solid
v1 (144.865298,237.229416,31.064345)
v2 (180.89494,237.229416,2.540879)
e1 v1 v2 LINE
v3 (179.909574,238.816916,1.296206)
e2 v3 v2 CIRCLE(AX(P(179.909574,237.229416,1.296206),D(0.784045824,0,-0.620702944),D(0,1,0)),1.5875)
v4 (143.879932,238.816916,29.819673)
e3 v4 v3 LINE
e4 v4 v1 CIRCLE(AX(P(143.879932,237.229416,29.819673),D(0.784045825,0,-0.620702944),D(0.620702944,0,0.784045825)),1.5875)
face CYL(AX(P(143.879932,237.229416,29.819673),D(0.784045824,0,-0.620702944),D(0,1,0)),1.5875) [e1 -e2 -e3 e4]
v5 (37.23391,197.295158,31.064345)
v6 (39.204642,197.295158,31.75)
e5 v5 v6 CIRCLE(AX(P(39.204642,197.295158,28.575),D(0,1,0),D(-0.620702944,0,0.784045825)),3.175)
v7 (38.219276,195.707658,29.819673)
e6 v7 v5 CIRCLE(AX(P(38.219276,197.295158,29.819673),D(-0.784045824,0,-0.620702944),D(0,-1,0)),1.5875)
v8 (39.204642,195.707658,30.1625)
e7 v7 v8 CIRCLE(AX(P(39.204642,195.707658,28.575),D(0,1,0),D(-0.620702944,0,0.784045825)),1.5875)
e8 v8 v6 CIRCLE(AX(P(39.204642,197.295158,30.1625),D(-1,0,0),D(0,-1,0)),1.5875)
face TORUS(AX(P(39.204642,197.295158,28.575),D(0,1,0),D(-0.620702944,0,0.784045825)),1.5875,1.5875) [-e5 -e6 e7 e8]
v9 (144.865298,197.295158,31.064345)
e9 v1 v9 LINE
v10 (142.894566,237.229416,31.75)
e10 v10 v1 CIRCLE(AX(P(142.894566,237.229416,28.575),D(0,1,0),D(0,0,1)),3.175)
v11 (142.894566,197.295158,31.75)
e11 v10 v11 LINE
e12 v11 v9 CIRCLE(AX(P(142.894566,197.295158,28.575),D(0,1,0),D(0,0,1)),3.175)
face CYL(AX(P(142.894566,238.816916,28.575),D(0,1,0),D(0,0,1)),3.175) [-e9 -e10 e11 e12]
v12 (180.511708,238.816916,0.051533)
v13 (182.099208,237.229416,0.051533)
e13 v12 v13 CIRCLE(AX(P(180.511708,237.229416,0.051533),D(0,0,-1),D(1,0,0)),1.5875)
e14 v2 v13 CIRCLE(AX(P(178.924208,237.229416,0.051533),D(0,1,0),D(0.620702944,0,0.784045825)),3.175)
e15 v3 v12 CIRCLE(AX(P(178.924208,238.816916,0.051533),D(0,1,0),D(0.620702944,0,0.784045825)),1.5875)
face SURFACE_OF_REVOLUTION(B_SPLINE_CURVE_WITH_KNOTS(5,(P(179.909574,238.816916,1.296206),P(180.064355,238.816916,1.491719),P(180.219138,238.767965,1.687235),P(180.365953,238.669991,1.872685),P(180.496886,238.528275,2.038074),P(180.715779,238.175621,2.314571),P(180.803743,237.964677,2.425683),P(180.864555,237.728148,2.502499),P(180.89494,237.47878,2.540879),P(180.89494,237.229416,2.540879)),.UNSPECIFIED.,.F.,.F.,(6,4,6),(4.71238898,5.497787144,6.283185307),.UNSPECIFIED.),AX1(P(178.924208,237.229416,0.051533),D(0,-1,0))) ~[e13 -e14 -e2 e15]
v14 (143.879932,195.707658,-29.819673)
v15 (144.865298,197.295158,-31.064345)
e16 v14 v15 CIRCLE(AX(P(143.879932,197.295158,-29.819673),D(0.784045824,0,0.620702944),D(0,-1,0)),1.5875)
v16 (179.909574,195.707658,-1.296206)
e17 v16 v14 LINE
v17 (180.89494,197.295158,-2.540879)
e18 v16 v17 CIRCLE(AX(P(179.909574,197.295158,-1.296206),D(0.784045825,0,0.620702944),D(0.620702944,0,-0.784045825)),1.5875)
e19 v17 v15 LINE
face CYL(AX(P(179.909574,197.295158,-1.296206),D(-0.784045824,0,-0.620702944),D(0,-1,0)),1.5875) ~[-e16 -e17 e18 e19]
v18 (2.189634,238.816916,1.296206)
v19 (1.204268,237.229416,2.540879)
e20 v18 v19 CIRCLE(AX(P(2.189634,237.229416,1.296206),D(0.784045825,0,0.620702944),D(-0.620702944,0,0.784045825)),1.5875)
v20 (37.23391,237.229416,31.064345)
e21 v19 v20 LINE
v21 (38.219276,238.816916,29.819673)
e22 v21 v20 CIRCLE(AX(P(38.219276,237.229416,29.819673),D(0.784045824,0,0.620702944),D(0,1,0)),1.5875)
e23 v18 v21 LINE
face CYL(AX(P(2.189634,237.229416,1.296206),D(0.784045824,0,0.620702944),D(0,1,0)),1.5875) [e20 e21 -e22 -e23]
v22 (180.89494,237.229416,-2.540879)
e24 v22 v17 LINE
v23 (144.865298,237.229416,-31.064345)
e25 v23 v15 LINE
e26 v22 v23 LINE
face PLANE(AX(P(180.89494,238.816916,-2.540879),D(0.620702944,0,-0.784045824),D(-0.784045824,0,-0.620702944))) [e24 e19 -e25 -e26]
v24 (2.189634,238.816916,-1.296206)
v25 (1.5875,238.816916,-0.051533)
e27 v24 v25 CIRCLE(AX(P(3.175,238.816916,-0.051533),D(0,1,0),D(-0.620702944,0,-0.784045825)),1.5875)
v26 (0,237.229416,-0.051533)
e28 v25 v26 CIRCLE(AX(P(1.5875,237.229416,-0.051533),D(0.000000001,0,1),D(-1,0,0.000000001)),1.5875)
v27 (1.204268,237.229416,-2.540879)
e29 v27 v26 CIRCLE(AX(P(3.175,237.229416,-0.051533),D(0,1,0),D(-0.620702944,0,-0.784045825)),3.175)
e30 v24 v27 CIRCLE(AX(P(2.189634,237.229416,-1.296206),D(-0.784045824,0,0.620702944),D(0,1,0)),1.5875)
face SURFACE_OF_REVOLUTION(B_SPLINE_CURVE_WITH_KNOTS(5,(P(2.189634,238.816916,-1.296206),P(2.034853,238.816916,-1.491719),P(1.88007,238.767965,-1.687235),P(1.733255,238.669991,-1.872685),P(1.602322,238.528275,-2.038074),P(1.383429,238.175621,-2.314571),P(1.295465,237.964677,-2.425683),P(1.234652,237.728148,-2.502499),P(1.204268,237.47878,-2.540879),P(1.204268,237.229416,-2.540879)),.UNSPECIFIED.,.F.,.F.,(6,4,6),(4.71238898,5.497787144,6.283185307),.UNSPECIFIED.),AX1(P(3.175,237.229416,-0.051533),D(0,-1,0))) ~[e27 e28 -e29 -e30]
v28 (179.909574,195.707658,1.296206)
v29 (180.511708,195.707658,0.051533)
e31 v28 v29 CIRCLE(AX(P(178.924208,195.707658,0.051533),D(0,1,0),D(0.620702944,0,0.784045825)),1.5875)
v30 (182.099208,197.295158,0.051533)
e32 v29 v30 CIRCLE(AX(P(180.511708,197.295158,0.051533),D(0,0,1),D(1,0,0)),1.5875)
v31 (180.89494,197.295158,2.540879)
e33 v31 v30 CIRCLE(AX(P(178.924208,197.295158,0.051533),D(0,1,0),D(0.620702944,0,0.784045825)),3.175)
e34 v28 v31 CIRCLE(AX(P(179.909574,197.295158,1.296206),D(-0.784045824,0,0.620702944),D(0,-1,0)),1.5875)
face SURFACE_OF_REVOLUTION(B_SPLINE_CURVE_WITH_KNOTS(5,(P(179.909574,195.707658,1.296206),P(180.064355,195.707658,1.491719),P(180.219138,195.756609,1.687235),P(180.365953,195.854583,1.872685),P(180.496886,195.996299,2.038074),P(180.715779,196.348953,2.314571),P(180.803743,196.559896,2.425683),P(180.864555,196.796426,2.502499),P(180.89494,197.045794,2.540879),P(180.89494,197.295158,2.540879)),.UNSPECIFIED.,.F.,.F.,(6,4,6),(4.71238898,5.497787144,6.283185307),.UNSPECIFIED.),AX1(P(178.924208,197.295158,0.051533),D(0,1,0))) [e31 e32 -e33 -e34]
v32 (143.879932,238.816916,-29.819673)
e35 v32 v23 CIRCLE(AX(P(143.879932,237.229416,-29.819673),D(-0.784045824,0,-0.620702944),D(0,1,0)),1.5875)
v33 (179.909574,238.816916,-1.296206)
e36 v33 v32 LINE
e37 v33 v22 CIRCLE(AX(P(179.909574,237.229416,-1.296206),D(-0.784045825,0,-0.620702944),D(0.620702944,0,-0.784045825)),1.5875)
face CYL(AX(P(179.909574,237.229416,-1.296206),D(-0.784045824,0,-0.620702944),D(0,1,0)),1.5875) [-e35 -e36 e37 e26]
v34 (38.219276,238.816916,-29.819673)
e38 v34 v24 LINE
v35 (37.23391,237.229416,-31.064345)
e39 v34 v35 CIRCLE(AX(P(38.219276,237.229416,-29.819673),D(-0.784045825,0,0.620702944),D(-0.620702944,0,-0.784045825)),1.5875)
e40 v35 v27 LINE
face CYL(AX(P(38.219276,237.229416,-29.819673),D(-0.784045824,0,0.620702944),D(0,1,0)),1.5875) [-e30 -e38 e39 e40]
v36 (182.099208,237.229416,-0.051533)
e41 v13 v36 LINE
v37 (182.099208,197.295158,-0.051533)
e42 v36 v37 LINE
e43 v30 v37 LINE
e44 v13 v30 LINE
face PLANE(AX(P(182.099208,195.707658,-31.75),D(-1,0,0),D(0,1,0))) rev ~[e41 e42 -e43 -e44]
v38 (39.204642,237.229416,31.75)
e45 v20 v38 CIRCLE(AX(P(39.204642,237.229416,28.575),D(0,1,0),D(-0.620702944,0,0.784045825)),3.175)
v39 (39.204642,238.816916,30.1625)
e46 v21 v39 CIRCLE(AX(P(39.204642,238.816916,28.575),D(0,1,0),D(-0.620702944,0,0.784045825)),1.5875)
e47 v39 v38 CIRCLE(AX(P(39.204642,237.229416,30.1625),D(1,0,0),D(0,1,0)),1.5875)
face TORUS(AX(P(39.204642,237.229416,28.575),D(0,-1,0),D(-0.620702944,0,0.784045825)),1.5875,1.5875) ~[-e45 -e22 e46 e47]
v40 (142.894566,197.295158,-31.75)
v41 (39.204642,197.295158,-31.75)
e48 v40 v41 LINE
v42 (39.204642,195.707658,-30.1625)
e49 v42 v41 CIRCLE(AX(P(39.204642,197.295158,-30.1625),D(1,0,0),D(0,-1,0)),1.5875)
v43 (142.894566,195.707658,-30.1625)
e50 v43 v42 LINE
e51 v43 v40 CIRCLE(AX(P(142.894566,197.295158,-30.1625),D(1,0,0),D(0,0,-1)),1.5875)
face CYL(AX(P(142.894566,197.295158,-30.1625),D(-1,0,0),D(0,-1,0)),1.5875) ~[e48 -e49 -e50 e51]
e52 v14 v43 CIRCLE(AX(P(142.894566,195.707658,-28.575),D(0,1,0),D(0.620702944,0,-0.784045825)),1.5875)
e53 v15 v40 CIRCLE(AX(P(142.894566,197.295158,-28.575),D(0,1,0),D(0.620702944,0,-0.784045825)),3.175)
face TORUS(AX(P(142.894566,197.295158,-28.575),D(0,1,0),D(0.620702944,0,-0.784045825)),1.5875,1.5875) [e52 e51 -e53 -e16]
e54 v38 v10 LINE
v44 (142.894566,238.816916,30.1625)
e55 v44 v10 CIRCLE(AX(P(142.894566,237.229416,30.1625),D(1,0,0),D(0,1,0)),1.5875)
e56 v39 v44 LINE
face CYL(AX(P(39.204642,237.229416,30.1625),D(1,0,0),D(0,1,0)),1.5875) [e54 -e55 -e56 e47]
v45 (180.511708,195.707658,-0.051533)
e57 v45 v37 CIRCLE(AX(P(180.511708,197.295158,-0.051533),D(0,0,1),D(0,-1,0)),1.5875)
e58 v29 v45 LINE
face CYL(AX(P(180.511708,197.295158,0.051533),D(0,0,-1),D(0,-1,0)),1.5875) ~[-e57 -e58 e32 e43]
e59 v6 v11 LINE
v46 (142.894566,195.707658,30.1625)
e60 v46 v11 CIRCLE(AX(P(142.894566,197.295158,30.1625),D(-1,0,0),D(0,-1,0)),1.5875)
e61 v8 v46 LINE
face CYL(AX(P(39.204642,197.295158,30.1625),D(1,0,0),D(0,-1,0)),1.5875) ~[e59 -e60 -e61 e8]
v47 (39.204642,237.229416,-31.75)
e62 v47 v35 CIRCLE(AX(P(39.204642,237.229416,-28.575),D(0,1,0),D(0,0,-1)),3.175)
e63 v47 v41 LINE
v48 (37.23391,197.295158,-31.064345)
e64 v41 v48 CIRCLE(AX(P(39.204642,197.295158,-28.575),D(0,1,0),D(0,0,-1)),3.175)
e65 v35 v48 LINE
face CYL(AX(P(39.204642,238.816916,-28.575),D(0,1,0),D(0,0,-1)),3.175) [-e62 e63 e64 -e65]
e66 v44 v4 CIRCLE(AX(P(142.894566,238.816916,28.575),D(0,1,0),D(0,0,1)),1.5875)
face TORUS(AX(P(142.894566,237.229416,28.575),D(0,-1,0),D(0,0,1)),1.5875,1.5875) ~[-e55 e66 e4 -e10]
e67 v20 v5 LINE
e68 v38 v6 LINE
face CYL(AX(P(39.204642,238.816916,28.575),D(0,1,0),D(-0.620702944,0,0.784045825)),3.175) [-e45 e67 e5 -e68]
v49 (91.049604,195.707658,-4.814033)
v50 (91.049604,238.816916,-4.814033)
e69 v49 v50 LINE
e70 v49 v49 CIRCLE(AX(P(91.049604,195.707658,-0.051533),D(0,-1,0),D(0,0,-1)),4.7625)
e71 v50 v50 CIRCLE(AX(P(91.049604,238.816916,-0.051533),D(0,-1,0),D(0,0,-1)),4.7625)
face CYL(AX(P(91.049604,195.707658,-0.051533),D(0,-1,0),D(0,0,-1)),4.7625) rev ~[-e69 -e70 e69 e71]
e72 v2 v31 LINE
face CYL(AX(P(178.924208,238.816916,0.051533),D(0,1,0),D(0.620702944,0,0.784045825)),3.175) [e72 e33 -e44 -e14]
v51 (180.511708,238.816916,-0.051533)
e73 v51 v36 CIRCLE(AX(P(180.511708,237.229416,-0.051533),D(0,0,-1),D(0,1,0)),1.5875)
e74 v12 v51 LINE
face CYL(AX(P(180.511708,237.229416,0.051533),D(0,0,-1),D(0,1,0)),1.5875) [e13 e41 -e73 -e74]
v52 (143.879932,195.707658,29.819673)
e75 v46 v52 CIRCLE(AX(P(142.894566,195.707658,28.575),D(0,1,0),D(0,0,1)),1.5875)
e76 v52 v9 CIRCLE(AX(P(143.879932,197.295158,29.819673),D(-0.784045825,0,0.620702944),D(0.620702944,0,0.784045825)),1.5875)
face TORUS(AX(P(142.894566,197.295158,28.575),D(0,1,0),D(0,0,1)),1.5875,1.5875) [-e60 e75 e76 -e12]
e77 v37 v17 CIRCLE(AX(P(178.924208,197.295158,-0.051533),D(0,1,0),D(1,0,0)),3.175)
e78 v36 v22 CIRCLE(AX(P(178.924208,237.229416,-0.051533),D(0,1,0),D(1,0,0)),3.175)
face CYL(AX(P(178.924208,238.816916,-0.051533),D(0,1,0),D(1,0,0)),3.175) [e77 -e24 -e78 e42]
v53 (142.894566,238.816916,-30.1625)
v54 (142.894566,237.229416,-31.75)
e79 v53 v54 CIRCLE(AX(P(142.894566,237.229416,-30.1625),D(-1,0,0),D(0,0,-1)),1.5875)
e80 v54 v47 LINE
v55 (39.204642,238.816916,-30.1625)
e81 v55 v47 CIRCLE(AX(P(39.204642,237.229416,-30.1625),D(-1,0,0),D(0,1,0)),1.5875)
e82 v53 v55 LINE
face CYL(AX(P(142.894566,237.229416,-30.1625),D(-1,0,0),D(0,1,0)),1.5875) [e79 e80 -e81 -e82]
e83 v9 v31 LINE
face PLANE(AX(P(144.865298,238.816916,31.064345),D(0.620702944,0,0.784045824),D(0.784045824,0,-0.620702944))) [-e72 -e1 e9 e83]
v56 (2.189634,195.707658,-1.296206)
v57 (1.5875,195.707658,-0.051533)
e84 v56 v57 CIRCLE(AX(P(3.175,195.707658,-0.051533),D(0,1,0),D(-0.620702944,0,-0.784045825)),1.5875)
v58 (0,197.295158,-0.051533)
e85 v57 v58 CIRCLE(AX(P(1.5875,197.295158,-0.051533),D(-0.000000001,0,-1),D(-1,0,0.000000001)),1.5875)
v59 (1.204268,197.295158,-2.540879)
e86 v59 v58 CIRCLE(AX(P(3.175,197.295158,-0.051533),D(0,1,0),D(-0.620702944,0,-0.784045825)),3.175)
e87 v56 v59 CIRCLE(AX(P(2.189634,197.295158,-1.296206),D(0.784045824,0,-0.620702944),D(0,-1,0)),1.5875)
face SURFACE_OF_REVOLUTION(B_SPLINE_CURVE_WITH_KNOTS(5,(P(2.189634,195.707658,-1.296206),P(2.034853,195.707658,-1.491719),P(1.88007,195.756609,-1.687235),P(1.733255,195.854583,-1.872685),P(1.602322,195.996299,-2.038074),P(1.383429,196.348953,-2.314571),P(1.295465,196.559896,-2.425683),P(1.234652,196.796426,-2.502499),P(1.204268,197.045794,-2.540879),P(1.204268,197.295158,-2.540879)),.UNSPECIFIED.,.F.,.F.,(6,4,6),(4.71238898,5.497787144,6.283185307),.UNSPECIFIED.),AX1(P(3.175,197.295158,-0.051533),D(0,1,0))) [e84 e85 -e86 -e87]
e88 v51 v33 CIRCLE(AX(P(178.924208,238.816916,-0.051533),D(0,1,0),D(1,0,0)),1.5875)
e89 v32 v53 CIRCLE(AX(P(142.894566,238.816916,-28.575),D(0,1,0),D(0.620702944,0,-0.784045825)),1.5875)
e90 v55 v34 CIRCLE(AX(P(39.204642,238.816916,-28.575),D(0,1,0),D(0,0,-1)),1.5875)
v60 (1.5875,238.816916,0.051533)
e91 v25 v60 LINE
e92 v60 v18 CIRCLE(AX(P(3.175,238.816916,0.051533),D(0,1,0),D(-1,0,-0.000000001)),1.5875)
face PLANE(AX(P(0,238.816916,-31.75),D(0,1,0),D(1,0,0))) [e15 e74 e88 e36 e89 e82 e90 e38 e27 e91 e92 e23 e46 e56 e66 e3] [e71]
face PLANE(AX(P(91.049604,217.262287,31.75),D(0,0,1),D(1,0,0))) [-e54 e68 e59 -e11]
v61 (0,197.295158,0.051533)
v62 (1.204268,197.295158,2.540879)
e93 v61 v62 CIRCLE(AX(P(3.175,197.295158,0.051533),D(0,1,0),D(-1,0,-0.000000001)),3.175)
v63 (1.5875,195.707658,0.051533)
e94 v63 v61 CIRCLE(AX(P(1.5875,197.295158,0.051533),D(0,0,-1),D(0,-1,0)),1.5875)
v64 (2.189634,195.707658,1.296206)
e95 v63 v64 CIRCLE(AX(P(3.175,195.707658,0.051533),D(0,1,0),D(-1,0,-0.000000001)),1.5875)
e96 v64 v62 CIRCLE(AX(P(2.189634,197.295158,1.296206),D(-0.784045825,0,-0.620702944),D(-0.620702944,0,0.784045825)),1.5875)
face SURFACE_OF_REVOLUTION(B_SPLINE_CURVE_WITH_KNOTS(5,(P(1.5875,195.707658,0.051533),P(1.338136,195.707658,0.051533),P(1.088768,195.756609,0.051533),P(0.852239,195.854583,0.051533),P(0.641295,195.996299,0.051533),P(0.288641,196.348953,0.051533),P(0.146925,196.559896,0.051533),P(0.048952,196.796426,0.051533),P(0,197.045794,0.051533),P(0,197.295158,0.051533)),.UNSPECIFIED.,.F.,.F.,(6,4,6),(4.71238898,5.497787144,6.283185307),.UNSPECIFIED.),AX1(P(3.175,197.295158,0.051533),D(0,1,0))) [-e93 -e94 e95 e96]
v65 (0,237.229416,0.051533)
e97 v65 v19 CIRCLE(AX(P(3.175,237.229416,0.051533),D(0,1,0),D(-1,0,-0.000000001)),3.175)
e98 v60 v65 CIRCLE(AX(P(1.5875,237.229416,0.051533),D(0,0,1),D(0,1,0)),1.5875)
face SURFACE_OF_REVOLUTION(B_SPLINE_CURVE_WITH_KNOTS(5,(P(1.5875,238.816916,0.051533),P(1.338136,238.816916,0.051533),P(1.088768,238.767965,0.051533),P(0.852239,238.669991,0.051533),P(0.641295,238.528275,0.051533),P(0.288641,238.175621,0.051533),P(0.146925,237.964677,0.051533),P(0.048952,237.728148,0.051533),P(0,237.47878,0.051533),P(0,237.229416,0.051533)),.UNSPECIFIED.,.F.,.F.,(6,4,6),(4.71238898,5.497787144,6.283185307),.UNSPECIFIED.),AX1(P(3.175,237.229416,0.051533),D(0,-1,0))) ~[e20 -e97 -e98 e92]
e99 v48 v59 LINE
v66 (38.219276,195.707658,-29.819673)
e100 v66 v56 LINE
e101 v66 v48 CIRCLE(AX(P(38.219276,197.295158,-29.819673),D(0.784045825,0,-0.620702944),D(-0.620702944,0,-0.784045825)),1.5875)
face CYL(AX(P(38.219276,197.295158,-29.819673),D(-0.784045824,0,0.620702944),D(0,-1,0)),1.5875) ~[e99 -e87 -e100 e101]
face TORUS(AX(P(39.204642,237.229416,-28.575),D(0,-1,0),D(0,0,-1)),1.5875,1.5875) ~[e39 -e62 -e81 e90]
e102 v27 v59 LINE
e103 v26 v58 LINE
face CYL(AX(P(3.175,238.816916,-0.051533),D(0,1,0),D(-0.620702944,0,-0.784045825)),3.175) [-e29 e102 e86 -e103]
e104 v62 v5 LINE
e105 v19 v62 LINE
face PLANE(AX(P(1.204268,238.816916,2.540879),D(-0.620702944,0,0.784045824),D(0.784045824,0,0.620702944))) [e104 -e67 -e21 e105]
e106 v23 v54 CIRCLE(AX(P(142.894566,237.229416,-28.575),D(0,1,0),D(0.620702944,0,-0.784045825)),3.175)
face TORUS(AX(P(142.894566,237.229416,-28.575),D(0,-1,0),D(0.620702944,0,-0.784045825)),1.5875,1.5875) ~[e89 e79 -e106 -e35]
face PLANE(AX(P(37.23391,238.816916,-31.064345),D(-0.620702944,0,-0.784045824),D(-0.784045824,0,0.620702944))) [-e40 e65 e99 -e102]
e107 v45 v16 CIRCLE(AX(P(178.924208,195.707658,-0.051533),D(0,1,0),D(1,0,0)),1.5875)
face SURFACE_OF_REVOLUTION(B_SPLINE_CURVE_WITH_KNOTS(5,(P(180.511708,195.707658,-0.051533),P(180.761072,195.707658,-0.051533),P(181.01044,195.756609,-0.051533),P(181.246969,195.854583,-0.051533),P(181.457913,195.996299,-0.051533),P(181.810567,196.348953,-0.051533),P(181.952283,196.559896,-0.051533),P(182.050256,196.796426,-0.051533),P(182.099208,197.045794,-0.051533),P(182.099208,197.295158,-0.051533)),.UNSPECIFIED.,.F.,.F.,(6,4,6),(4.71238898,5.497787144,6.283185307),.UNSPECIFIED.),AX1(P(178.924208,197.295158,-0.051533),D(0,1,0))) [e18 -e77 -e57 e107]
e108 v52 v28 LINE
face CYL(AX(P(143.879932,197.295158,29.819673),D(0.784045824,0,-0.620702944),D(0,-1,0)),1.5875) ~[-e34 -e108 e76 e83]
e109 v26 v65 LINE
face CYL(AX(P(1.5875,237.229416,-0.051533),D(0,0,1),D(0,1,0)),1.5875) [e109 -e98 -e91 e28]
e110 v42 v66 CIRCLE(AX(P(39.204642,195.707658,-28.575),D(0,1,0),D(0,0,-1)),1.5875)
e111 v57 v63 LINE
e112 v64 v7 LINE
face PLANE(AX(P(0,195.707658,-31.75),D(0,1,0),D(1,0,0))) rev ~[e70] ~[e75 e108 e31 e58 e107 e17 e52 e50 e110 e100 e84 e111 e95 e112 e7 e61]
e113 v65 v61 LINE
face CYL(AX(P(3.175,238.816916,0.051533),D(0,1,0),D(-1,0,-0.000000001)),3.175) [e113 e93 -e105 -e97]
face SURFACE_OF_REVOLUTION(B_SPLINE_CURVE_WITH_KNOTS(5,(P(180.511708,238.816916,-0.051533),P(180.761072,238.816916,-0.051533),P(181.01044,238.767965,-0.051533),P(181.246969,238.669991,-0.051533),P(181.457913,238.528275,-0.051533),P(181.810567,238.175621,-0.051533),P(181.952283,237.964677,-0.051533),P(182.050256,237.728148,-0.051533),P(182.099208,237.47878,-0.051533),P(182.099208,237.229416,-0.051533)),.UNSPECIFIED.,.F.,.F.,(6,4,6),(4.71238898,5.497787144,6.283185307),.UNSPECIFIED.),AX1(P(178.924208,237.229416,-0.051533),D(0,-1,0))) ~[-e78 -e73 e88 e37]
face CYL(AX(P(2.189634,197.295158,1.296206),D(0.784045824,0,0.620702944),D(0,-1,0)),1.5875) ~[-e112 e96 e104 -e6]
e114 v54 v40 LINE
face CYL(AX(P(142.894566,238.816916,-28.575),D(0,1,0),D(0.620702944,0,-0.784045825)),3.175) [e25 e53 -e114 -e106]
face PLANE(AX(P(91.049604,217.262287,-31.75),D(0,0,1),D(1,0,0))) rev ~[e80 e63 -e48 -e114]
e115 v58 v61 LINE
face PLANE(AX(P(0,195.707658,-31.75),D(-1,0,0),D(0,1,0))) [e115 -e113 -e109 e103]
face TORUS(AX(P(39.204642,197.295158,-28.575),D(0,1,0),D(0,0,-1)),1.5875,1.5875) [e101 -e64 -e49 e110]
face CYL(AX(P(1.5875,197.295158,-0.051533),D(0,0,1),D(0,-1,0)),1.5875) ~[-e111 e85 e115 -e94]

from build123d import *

# Parameters (mm, degrees)
BOSS_EXTRUDE1_DEPTH      = 31.75
BOSS_EXTRUDE1_DEPTH_BACK = 31.75
SKETCH1_W                = 182.099207872
SKETCH1_H                = 43.109258089
SKETCH2_W                = 205.659157106
SKETCH2_H                = 99.146034208
CUT_EXTRUDE1_DEPTH       = 190.806723118
SKETCH3_R                = 4.7625
CUT_EXTRUDE2_DEPTH       = 190.806723118
FILLET1_R                = 1.5875


with BuildPart() as part:
    # Sketch1 → Boss-Extrude1 (new, two sides: drawn at the far end of the back side and taken through both)
    with BuildSketch(Plane.XY.offset(-BOSS_EXTRUDE1_DEPTH_BACK)):
        with Locations((91.049603936, 217.262286974)):
            Rectangle(SKETCH1_W, SKETCH1_H)
    extrude(amount=BOSS_EXTRUDE1_DEPTH + BOSS_EXTRUDE1_DEPTH_BACK)

    # Sketch2 → Cut-Extrude1 (cut, through all)
    with BuildSketch(Plane(origin=(0, 238.816916018, 0), x_dir=(1, 0, 0), z_dir=(0, 1, 0))):
        with Locations((89.350434008, 0.474866742)):
            Rectangle(SKETCH2_W, SKETCH2_H)
        with BuildLine():
            Line((1.204268152, -2.540878953), (37.233910096, -31.064345493))
            ThreePointArc((37.233910096, -31.064345493), (38.161341158, -31.573691126), (39.204641944, -31.75))
            Line((39.204641944, -31.75), (142.894565928, -31.75))
            ThreePointArc((142.894565928, -31.75), (143.937866714, -31.573691126), (144.865297776, -31.064345493))
            Line((144.865297776, -31.064345493), (180.894939721, -2.540878953))
            ThreePointArc((180.894939721, -2.540878953), (181.782327763, -1.43420323), (182.099207872, -0.051533461))
            Line((182.099207872, -0.051533461), (182.099207872, 0.051533461))
            ThreePointArc((182.099207872, 0.051533461), (181.782327763, 1.43420323), (180.894939721, 2.540878953))
            Line((180.894939721, 2.540878953), (144.865297776, 31.064345493))
            ThreePointArc((144.865297776, 31.064345493), (143.937866714, 31.573691126), (142.894565928, 31.75))
            Line((142.894565928, 31.75), (39.204641944, 31.75))
            ThreePointArc((39.204641944, 31.75), (38.161341158, 31.573691126), (37.233910096, 31.064345493))
            Line((37.233910096, 31.064345493), (1.204268152, 2.540878953))
            ThreePointArc((1.204268152, 2.540878953), (0.316880109, 1.43420323), (0, 0.051533461))
            Line((0, 0.051533461), (0, -0.051533461))
            ThreePointArc((0, -0.051533461), (0.316880109, -1.43420323), (1.204268152, -2.540878953))
        make_face(mode=Mode.SUBTRACT)
    extrude(amount=-CUT_EXTRUDE1_DEPTH, mode=Mode.SUBTRACT)

    # Sketch3 → Cut-Extrude2 (cut, through all)
    with BuildSketch(Plane.XZ.offset(-195.707657929)):
        with Locations((91.049603936, -0.051533461)):
            Circle(SKETCH3_R)
    extrude(amount=-CUT_EXTRUDE2_DEPTH, mode=Mode.SUBTRACT)

    # Fillet1
    fillet1_edges = [part.edges().sort_by_distance(p)[0] for p in [
        (143.937866714, 238.816916018, 31.573691126),
        (162.880118749, 238.816916018, 16.802612223),
        (181.782327763, 238.816916018, 1.43420323),
        (182.099207872, 238.816916018, 0),
        (181.782327763, 238.816916018, -1.43420323),
        (162.880118749, 238.816916018, -16.802612223),
        (143.937866714, 238.816916018, -31.573691126),
        (91.049603936, 238.816916018, -31.75),
        (38.161341158, 238.816916018, -31.573691126),
        (19.219089124, 238.816916018, -16.802612223),
        (0.316880109, 238.816916018, -1.43420323),
        (0, 238.816916018, 0),
        (0.316880109, 238.816916018, 1.43420323),
        (19.219089124, 238.816916018, 16.802612223),
        (38.161341158, 238.816916018, 31.573691126),
        (38.161341158, 195.707657929, 31.573691126),
        (19.219089124, 195.707657929, 16.802612223),
        (0.316880109, 195.707657929, 1.43420323),
        (0, 195.707657929, 0),
        (0.316880109, 195.707657929, -1.43420323),
        (19.219089124, 195.707657929, -16.802612223),
        (38.161341158, 195.707657929, -31.573691126),
        (91.049603936, 195.707657929, -31.75),
        (143.937866714, 195.707657929, -31.573691126),
        (162.880118749, 195.707657929, -16.802612223),
        (181.782327763, 195.707657929, -1.43420323),
        (182.099207872, 195.707657929, 0),
        (181.782327763, 195.707657929, 1.43420323),
        (162.880118749, 195.707657929, 16.802612223),
        (143.937866714, 195.707657929, 31.573691126),
        (91.049603936, 238.816916018, 31.75),
        (91.049603936, 195.707657929, 31.75),
    ]]
    fillet(fillet1_edges, radius=FILLET1_R)


solid = part.part
